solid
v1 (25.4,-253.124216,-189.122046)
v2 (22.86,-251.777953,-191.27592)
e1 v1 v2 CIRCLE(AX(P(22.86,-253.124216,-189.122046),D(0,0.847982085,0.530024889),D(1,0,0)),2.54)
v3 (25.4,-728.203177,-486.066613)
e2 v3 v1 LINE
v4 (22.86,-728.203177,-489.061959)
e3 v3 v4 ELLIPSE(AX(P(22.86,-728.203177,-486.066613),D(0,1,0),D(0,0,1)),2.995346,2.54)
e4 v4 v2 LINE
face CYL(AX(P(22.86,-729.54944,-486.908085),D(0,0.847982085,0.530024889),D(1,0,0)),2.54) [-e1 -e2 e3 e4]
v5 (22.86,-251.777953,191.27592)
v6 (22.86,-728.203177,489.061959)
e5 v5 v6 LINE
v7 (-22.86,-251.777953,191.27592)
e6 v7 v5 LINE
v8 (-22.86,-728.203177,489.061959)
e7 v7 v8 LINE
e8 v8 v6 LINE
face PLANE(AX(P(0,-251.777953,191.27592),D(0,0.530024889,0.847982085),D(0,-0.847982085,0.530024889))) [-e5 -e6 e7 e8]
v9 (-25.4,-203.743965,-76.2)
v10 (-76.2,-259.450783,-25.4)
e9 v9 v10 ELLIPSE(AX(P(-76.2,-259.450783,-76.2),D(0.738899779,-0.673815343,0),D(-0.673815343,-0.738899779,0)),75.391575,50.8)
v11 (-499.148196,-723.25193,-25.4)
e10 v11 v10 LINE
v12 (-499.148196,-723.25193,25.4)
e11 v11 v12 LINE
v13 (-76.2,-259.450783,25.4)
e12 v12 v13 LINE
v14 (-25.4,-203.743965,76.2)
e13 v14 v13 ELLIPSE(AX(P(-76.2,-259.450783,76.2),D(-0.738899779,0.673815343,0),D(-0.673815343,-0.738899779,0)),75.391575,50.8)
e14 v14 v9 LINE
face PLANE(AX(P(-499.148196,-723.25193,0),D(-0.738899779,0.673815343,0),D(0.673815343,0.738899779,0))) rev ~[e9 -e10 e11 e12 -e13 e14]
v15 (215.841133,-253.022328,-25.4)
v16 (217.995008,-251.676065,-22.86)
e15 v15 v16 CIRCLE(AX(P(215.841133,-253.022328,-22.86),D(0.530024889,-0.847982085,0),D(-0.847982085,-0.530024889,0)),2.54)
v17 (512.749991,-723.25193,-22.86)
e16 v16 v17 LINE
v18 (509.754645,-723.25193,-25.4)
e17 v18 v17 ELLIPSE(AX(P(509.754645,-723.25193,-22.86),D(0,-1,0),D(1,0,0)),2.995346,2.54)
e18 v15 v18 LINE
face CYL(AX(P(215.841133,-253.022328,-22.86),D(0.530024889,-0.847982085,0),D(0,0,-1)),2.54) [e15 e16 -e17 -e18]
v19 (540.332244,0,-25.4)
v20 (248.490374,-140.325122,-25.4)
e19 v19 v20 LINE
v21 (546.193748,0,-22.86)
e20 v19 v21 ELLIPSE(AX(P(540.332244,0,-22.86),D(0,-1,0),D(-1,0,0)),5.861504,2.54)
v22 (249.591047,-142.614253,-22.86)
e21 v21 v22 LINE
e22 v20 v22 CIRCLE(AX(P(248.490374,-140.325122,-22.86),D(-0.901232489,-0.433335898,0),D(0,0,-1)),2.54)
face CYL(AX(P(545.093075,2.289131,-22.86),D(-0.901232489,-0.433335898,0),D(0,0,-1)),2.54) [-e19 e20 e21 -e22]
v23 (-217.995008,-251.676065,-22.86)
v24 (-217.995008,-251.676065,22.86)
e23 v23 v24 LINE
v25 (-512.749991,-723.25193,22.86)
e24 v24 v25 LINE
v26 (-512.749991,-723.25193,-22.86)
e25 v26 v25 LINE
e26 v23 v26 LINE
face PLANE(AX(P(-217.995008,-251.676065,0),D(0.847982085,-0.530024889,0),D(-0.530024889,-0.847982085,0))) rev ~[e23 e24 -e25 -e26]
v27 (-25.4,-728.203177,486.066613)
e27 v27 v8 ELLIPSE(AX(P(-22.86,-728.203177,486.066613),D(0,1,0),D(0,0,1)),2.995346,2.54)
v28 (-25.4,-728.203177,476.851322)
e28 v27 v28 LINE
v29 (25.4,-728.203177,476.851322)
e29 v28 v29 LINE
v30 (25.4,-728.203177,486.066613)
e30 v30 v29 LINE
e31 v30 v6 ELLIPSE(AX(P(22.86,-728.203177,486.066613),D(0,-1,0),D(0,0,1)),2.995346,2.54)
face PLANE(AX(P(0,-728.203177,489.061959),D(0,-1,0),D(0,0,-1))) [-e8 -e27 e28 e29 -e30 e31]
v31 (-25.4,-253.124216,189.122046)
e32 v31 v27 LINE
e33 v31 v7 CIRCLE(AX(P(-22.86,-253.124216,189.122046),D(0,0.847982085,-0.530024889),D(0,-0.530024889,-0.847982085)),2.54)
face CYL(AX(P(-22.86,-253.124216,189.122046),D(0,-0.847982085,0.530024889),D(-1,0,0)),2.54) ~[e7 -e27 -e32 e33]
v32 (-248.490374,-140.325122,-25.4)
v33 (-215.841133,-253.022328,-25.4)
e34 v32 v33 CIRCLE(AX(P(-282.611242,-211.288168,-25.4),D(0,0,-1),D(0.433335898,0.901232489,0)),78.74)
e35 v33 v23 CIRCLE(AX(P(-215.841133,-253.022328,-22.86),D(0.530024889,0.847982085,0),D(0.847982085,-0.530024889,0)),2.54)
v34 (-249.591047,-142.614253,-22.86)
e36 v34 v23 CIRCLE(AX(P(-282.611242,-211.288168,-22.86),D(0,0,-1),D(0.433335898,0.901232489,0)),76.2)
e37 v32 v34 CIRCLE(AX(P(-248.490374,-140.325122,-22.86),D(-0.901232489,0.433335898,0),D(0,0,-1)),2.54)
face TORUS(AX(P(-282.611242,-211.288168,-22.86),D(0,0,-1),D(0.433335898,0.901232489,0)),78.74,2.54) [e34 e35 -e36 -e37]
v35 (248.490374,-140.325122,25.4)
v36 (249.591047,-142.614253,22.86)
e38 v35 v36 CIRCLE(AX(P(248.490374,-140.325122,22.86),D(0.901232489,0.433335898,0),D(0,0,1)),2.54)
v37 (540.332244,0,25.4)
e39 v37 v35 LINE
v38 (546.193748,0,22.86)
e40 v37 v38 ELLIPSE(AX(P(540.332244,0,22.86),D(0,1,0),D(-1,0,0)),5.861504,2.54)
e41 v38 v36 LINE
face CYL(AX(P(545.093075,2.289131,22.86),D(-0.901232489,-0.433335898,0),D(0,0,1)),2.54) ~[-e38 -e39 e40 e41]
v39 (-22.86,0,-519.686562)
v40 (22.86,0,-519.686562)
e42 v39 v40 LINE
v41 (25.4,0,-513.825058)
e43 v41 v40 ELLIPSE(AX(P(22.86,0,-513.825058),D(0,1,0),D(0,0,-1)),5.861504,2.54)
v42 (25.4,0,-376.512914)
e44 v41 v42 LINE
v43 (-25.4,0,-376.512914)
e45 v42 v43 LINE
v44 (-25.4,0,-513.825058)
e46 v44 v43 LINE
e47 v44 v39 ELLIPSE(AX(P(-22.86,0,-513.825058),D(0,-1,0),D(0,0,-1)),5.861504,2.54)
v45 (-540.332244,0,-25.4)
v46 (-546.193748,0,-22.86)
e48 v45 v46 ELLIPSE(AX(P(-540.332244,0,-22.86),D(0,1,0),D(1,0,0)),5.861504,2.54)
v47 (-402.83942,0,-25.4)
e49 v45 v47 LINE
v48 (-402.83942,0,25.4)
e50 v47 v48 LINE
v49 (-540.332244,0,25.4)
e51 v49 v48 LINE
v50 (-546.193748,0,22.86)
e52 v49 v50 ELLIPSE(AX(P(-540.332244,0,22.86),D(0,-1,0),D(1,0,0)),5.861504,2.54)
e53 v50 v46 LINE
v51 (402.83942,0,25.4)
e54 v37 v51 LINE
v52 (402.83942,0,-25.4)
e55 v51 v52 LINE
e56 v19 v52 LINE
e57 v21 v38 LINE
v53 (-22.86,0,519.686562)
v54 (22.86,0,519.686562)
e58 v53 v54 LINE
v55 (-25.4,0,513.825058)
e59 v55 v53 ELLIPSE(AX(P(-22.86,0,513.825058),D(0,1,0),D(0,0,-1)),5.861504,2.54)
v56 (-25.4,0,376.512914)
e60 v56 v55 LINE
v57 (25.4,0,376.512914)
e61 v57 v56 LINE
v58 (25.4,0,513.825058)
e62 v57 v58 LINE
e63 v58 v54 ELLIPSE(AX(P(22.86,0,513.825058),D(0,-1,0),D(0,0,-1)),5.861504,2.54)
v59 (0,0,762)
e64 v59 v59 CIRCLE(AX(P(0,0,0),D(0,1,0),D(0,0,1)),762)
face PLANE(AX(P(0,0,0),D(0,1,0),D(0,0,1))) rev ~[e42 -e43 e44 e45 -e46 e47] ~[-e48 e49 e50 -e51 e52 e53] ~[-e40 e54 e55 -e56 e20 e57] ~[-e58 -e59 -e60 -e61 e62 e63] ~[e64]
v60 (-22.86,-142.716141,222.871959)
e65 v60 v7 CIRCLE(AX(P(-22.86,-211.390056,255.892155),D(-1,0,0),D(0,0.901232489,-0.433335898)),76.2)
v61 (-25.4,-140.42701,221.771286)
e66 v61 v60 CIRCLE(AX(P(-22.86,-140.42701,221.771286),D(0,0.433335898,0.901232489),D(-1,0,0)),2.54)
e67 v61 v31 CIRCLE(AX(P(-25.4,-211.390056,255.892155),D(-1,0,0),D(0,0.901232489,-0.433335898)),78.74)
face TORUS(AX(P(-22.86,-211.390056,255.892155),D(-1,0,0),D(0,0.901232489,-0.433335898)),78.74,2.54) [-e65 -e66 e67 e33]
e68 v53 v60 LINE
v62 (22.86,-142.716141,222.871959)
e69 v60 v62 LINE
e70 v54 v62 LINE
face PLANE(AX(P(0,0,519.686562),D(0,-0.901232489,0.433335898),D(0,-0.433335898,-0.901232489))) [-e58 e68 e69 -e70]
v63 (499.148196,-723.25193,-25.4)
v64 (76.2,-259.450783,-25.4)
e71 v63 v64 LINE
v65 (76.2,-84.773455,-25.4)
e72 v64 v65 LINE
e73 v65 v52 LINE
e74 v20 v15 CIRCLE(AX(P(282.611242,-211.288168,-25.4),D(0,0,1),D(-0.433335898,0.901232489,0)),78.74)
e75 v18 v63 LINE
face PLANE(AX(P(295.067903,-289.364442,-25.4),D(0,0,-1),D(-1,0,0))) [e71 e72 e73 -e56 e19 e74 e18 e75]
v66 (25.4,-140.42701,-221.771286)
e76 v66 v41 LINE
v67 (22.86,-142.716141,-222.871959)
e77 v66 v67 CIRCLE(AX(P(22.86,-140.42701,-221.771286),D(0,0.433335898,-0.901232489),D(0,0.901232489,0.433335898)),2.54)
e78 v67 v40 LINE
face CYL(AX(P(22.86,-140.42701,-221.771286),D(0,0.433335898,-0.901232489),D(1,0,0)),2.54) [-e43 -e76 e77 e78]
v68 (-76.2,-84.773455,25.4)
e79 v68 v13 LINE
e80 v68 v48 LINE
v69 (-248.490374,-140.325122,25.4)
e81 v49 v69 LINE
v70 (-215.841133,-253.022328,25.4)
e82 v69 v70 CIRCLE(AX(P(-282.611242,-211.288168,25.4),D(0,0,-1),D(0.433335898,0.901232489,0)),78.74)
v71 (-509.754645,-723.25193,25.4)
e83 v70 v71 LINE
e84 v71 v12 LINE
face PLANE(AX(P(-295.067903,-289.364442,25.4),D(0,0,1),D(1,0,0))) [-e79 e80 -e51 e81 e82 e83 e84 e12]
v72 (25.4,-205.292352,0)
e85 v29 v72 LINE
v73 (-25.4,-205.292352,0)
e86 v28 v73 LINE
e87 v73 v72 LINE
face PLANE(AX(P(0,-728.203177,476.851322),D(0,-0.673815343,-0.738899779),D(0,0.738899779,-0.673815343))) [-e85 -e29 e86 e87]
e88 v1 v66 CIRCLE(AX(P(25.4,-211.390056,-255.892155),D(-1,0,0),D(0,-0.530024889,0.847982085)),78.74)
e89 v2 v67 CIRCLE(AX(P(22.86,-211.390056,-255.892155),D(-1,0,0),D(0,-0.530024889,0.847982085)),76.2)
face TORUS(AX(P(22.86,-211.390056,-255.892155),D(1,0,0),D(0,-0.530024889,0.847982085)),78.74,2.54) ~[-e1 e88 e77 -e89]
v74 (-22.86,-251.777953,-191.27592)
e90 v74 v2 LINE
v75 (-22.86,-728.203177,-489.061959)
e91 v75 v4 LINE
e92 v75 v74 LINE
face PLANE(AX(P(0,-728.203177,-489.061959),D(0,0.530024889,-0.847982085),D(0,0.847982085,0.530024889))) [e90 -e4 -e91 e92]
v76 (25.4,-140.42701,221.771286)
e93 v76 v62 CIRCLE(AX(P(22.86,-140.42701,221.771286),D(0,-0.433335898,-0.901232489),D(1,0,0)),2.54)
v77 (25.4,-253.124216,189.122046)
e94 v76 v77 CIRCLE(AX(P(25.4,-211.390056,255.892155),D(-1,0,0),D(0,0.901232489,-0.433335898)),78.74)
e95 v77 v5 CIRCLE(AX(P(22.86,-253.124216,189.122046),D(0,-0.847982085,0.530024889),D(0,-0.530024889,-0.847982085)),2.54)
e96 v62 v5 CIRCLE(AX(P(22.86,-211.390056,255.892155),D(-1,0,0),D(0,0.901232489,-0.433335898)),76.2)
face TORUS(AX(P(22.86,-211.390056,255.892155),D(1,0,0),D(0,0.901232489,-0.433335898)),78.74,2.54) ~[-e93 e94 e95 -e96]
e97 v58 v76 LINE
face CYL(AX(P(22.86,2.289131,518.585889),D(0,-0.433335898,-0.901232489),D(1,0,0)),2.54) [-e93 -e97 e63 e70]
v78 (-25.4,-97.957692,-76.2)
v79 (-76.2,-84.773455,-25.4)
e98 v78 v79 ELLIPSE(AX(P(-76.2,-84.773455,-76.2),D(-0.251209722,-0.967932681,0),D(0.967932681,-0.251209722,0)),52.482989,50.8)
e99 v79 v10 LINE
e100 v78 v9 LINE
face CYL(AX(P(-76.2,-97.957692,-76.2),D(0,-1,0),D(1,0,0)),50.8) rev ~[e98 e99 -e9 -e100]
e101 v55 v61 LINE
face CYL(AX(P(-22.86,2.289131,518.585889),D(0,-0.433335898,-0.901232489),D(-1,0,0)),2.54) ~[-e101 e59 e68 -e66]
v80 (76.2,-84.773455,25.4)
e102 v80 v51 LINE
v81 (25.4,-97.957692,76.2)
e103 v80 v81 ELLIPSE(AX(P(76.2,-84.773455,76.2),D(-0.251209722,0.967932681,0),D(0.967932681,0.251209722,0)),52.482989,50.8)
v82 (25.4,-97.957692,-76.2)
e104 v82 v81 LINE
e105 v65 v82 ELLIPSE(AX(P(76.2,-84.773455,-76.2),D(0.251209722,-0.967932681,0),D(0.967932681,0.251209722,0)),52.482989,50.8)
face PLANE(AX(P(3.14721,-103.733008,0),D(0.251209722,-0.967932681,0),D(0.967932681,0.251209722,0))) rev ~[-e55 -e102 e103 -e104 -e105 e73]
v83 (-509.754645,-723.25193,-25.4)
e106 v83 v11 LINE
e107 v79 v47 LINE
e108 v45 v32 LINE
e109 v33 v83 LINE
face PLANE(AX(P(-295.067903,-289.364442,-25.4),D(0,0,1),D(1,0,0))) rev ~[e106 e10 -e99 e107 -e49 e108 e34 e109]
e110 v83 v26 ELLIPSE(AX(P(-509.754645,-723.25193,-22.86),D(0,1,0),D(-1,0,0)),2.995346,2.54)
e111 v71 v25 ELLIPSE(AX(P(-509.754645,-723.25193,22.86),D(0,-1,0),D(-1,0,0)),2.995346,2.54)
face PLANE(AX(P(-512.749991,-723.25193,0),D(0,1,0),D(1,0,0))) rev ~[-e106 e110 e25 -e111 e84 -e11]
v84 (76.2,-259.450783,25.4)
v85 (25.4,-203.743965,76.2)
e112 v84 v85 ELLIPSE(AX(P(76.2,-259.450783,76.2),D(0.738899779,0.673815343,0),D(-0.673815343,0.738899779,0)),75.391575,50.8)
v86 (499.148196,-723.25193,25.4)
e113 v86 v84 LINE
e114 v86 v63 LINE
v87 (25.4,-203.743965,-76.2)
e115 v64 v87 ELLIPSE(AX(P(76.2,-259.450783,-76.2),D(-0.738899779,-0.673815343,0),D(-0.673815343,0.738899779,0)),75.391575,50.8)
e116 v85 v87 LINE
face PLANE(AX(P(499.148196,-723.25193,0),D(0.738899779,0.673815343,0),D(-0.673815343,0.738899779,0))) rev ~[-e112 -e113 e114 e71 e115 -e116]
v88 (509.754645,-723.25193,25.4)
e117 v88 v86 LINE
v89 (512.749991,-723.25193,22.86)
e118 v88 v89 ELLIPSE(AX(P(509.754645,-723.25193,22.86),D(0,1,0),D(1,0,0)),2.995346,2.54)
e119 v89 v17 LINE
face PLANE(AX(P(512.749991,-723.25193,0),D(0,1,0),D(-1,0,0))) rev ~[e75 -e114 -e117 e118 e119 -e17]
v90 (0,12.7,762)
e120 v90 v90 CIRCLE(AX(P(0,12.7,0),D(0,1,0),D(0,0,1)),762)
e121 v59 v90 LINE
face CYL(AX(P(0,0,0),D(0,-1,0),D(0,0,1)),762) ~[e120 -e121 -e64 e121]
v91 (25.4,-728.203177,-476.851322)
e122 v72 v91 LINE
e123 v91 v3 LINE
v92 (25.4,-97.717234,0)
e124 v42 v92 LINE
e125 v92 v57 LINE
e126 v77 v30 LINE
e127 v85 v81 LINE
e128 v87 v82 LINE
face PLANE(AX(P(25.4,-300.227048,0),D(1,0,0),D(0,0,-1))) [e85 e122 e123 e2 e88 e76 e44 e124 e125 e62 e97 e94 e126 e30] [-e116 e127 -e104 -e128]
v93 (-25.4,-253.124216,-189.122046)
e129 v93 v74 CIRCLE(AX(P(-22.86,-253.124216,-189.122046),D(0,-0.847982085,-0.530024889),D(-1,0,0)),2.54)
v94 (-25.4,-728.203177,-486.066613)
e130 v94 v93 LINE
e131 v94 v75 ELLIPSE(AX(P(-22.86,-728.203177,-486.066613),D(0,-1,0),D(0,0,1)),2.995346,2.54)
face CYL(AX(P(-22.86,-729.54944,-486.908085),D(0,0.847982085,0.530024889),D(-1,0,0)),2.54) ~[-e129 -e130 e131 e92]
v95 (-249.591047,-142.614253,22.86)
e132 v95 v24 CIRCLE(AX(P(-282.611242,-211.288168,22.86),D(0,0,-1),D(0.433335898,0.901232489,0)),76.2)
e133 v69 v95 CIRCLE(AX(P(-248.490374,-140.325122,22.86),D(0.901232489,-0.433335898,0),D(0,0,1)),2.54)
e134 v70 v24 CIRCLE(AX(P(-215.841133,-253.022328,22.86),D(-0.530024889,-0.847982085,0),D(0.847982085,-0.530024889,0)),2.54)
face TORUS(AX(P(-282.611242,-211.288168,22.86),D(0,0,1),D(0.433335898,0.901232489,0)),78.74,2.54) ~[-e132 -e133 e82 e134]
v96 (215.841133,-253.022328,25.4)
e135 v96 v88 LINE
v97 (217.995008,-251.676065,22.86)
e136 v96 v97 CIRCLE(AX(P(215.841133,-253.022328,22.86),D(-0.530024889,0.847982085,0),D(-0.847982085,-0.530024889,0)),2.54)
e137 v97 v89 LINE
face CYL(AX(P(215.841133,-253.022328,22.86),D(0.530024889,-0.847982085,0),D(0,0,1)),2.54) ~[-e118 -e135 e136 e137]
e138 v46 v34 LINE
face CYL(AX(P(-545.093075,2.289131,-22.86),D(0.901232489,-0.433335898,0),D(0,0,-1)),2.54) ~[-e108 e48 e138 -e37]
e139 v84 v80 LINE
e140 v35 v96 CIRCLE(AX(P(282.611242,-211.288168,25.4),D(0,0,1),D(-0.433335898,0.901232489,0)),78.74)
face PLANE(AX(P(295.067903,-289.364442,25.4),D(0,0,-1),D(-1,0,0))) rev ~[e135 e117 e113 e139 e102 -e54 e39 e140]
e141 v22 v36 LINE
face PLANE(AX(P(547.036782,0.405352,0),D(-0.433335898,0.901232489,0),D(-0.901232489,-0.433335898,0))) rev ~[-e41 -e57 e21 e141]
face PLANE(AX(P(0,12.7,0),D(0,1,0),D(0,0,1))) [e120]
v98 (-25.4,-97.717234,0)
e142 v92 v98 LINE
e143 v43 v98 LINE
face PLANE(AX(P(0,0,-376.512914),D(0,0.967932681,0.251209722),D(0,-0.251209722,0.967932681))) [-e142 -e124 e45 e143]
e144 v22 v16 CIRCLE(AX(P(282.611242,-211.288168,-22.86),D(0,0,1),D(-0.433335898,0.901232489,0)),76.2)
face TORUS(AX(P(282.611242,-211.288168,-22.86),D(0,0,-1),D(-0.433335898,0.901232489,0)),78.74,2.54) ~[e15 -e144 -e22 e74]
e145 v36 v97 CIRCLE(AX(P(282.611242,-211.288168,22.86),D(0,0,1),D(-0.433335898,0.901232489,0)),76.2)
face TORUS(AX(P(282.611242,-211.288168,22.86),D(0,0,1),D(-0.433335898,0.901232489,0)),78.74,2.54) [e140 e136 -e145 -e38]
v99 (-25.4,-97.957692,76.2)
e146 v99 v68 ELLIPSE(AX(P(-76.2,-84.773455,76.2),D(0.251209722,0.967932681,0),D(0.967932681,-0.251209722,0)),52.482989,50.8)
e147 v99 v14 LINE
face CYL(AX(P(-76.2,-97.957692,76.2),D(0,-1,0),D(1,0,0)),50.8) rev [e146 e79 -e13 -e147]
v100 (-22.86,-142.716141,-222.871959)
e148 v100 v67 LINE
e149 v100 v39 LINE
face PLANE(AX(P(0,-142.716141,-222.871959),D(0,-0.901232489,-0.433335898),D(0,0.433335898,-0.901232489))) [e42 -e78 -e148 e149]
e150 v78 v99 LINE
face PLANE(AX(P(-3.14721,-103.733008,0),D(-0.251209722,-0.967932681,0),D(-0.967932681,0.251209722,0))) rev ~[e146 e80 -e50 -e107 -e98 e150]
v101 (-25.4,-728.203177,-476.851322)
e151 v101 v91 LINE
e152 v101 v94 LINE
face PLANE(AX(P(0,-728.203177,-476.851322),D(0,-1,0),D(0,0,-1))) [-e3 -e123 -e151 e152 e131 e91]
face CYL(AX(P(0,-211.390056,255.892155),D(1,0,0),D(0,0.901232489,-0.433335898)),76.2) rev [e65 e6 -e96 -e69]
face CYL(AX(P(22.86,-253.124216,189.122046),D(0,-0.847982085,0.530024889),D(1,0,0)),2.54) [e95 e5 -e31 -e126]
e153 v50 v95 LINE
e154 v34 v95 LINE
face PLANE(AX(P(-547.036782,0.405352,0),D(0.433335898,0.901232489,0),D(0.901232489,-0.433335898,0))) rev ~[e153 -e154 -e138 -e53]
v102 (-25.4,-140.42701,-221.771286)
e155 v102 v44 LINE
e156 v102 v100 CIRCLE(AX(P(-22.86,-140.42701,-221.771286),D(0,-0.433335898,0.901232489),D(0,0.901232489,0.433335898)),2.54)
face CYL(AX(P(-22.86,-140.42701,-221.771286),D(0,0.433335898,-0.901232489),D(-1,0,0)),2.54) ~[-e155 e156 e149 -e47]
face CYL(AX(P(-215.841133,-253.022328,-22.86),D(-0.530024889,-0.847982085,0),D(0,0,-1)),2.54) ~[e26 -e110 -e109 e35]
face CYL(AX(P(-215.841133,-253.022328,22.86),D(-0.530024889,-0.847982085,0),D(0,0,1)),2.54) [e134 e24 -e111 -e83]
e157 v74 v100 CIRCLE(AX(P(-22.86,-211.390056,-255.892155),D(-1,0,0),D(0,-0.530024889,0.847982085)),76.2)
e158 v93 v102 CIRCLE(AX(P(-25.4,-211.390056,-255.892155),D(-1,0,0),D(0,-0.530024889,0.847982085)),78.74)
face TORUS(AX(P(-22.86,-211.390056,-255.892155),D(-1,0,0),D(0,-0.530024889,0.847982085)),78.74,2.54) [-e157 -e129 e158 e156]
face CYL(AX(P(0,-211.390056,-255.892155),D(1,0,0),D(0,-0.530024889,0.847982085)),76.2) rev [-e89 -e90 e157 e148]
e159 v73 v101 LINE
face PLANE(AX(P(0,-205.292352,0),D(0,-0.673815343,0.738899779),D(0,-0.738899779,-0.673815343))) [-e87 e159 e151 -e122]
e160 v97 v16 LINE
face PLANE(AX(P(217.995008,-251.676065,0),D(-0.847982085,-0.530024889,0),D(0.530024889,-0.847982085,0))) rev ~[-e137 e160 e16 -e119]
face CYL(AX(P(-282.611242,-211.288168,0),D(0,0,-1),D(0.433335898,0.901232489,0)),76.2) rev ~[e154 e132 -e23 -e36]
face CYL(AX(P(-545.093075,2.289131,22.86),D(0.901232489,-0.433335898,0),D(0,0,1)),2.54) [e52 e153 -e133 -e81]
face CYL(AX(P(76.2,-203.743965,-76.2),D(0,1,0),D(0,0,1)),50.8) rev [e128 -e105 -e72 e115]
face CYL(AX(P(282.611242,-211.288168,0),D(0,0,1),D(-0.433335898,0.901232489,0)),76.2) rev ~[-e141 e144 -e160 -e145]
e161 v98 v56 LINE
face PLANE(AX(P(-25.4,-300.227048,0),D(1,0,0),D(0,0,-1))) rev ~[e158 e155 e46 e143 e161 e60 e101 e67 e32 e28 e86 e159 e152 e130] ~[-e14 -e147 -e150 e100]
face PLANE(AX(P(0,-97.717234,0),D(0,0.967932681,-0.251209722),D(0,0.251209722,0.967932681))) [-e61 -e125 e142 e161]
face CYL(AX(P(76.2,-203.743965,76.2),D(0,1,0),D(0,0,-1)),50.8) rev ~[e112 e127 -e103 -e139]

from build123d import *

# Parameters (mm, degrees)
SKETCH2_R           = 762
BOSS_EXTRUDE1_DEPTH = 12.7
BOSS_EXTRUDE2_DEPTH = 25.4
BOSS_EXTRUDE3_DEPTH = 25.4
FILLET1_R           = 50.8
FILLET2_R           = 50.8
FILLET3_R           = 2.54


with BuildPart() as part:
    # Sketch2 → Boss-Extrude1 (new body)
    with BuildSketch(Plane(origin=(0, 0, 0), x_dir=(1, 0, 0), z_dir=(0, 1, 0))):
        with Locations(Location((0, 0, 0), (0, 0, 270))):
            Circle(SKETCH2_R)
    extrude(amount=BOSS_EXTRUDE1_DEPTH)

    # Sketch3 → Boss-Extrude2 (add, symmetric)
    with BuildSketch(Plane(origin=(0, 0, 0), x_dir=(0, 0, -1), z_dir=(1, 0, 0))):
        with BuildLine():
            Line((-376.512914222, 0), (-519.686562072, 0))
            Line((-519.686562072, 0), (-222.871959454, -142.716140502))
            ThreePointArc((-222.871959454, -142.716140502), (-182.701733049, -190.186232292), (-191.275920014, -251.777952693))
            Line((-191.275920014, -251.777952693), (-489.061959381, -728.203177114))
            Line((-489.061959381, -728.203177114), (-476.851322016, -728.203177114))
            Line((-476.851322016, -728.203177114), (0, -205.292352404))
            Line((0, -205.292352404), (476.851322016, -728.203177114))
            Line((476.851322016, -728.203177114), (489.061959381, -728.203177114))
            Line((489.061959381, -728.203177114), (191.275920014, -251.777952693))
            ThreePointArc((191.275920014, -251.777952693), (182.701733049, -190.186232292), (222.871959454, -142.716140502))
            Line((222.871959454, -142.716140502), (519.686562072, 0))
            Line((519.686562072, 0), (376.512914222, 0))
            Line((376.512914222, 0), (0, -97.717234055))
            Line((0, -97.717234055), (-376.512914222, 0))
        make_face()
    extrude(amount=BOSS_EXTRUDE2_DEPTH, both=True)

    # Sketch5 → Boss-Extrude3 (add, symmetric)
    with BuildSketch(Plane.XY):
        with BuildLine():
            Line((-547.036781798, 0.405352419), (-249.591046968, -142.614252779))
            ThreePointArc((-249.591046968, -142.614252779), (-209.420820563, -190.08434457), (-217.995007528, -251.676064971))
            Line((-217.995007528, -251.676064971), (-512.749991198, -723.251930457))
            Line((-512.749991198, -723.251930457), (-499.148196201, -723.251930457))
            Line((-499.148196201, -723.251930457), (-3.147209779, -179.341757847))
            Line((-3.147209779, -179.341757847), (-3.147209779, -103.733008189))
            Line((-3.147209779, -103.733008189), (-404.401277334, 0.405352419))
            Line((-404.401277334, 0.405352419), (-547.036781798, 0.405352419))
        make_face()
        with BuildLine():
            ThreePointArc((249.591046968, -142.614252779), (209.420820563, -190.08434457), (217.995007528, -251.676064971))
            Line((217.995007528, -251.676064971), (512.749991198, -723.251930457))
            Line((512.749991198, -723.251930457), (499.148196201, -723.251930457))
            Line((499.148196201, -723.251930457), (3.147209779, -179.341757847))
            Line((3.147209779, -179.341757847), (3.147209779, -103.733008189))
            Line((3.147209779, -103.733008189), (404.401277334, 0.405352419))
            Line((404.401277334, 0.405352419), (547.036781798, 0.405352419))
            Line((547.036781798, 0.405352419), (249.591046968, -142.614252779))
        make_face()
    extrude(amount=BOSS_EXTRUDE3_DEPTH, both=True)

    # Fillet1
    fillet1_edges = [part.edges().sort_by_distance(p)[0] for p in [
        (25.4, -150.850828677, 25.4),
    ]]
    fillet(fillet1_edges, radius=FILLET1_R)

    # Fillet2
    fillet2_edges = [part.edges().sort_by_distance(p)[0] for p in [
        (-25.4, -150.850828677, -25.4),
        (-25.4, -150.850828677, 25.4),
        (25.4, -150.850828677, -25.4),
    ]]
    fillet(fillet2_edges, radius=FILLET2_R)

    # Fillet3
    fillet3_edges = [part.edges().sort_by_distance(p)[0] for p in [
        (-25.4, -489.990564904, 340.168939697),
        (25.4, -489.990564904, -340.168939697),
        (25.4, -190.186232292, -182.701733049),
        (25.4, -71.358070251, -371.279260763),
        (25.4, -71.358070251, 371.279260763),
        (25.4, -190.186232292, 182.701733049),
        (25.4, -489.990564904, 340.168939697),
        (-25.4, -71.358070251, -371.279260763),
        (-25.4, -190.186232292, -182.701733049),
        (-25.4, -489.990564904, -340.168939697),
        (-397.892397529, -71.30712639, -25.4),
        (-397.892397529, -71.30712639, 25.4),
        (-209.420820563, -190.08434457, 25.4),
        (-365.372499363, -487.463997714, 25.4),
        (-209.420820563, -190.08434457, -25.4),
        (-365.372499363, -487.463997714, -25.4),
        (397.892397529, -71.30712639, 25.4),
        (397.892397529, -71.30712639, -25.4),
        (209.420820563, -190.08434457, -25.4),
        (365.372499363, -487.463997714, -25.4),
        (209.420820563, -190.08434457, 25.4),
        (365.372499363, -487.463997714, 25.4),
        (-25.4, -71.358070251, 371.279260763),
        (-25.4, -190.186232292, 182.701733049),
    ]]
    fillet(fillet3_edges, radius=FILLET3_R)


solid = part.part
